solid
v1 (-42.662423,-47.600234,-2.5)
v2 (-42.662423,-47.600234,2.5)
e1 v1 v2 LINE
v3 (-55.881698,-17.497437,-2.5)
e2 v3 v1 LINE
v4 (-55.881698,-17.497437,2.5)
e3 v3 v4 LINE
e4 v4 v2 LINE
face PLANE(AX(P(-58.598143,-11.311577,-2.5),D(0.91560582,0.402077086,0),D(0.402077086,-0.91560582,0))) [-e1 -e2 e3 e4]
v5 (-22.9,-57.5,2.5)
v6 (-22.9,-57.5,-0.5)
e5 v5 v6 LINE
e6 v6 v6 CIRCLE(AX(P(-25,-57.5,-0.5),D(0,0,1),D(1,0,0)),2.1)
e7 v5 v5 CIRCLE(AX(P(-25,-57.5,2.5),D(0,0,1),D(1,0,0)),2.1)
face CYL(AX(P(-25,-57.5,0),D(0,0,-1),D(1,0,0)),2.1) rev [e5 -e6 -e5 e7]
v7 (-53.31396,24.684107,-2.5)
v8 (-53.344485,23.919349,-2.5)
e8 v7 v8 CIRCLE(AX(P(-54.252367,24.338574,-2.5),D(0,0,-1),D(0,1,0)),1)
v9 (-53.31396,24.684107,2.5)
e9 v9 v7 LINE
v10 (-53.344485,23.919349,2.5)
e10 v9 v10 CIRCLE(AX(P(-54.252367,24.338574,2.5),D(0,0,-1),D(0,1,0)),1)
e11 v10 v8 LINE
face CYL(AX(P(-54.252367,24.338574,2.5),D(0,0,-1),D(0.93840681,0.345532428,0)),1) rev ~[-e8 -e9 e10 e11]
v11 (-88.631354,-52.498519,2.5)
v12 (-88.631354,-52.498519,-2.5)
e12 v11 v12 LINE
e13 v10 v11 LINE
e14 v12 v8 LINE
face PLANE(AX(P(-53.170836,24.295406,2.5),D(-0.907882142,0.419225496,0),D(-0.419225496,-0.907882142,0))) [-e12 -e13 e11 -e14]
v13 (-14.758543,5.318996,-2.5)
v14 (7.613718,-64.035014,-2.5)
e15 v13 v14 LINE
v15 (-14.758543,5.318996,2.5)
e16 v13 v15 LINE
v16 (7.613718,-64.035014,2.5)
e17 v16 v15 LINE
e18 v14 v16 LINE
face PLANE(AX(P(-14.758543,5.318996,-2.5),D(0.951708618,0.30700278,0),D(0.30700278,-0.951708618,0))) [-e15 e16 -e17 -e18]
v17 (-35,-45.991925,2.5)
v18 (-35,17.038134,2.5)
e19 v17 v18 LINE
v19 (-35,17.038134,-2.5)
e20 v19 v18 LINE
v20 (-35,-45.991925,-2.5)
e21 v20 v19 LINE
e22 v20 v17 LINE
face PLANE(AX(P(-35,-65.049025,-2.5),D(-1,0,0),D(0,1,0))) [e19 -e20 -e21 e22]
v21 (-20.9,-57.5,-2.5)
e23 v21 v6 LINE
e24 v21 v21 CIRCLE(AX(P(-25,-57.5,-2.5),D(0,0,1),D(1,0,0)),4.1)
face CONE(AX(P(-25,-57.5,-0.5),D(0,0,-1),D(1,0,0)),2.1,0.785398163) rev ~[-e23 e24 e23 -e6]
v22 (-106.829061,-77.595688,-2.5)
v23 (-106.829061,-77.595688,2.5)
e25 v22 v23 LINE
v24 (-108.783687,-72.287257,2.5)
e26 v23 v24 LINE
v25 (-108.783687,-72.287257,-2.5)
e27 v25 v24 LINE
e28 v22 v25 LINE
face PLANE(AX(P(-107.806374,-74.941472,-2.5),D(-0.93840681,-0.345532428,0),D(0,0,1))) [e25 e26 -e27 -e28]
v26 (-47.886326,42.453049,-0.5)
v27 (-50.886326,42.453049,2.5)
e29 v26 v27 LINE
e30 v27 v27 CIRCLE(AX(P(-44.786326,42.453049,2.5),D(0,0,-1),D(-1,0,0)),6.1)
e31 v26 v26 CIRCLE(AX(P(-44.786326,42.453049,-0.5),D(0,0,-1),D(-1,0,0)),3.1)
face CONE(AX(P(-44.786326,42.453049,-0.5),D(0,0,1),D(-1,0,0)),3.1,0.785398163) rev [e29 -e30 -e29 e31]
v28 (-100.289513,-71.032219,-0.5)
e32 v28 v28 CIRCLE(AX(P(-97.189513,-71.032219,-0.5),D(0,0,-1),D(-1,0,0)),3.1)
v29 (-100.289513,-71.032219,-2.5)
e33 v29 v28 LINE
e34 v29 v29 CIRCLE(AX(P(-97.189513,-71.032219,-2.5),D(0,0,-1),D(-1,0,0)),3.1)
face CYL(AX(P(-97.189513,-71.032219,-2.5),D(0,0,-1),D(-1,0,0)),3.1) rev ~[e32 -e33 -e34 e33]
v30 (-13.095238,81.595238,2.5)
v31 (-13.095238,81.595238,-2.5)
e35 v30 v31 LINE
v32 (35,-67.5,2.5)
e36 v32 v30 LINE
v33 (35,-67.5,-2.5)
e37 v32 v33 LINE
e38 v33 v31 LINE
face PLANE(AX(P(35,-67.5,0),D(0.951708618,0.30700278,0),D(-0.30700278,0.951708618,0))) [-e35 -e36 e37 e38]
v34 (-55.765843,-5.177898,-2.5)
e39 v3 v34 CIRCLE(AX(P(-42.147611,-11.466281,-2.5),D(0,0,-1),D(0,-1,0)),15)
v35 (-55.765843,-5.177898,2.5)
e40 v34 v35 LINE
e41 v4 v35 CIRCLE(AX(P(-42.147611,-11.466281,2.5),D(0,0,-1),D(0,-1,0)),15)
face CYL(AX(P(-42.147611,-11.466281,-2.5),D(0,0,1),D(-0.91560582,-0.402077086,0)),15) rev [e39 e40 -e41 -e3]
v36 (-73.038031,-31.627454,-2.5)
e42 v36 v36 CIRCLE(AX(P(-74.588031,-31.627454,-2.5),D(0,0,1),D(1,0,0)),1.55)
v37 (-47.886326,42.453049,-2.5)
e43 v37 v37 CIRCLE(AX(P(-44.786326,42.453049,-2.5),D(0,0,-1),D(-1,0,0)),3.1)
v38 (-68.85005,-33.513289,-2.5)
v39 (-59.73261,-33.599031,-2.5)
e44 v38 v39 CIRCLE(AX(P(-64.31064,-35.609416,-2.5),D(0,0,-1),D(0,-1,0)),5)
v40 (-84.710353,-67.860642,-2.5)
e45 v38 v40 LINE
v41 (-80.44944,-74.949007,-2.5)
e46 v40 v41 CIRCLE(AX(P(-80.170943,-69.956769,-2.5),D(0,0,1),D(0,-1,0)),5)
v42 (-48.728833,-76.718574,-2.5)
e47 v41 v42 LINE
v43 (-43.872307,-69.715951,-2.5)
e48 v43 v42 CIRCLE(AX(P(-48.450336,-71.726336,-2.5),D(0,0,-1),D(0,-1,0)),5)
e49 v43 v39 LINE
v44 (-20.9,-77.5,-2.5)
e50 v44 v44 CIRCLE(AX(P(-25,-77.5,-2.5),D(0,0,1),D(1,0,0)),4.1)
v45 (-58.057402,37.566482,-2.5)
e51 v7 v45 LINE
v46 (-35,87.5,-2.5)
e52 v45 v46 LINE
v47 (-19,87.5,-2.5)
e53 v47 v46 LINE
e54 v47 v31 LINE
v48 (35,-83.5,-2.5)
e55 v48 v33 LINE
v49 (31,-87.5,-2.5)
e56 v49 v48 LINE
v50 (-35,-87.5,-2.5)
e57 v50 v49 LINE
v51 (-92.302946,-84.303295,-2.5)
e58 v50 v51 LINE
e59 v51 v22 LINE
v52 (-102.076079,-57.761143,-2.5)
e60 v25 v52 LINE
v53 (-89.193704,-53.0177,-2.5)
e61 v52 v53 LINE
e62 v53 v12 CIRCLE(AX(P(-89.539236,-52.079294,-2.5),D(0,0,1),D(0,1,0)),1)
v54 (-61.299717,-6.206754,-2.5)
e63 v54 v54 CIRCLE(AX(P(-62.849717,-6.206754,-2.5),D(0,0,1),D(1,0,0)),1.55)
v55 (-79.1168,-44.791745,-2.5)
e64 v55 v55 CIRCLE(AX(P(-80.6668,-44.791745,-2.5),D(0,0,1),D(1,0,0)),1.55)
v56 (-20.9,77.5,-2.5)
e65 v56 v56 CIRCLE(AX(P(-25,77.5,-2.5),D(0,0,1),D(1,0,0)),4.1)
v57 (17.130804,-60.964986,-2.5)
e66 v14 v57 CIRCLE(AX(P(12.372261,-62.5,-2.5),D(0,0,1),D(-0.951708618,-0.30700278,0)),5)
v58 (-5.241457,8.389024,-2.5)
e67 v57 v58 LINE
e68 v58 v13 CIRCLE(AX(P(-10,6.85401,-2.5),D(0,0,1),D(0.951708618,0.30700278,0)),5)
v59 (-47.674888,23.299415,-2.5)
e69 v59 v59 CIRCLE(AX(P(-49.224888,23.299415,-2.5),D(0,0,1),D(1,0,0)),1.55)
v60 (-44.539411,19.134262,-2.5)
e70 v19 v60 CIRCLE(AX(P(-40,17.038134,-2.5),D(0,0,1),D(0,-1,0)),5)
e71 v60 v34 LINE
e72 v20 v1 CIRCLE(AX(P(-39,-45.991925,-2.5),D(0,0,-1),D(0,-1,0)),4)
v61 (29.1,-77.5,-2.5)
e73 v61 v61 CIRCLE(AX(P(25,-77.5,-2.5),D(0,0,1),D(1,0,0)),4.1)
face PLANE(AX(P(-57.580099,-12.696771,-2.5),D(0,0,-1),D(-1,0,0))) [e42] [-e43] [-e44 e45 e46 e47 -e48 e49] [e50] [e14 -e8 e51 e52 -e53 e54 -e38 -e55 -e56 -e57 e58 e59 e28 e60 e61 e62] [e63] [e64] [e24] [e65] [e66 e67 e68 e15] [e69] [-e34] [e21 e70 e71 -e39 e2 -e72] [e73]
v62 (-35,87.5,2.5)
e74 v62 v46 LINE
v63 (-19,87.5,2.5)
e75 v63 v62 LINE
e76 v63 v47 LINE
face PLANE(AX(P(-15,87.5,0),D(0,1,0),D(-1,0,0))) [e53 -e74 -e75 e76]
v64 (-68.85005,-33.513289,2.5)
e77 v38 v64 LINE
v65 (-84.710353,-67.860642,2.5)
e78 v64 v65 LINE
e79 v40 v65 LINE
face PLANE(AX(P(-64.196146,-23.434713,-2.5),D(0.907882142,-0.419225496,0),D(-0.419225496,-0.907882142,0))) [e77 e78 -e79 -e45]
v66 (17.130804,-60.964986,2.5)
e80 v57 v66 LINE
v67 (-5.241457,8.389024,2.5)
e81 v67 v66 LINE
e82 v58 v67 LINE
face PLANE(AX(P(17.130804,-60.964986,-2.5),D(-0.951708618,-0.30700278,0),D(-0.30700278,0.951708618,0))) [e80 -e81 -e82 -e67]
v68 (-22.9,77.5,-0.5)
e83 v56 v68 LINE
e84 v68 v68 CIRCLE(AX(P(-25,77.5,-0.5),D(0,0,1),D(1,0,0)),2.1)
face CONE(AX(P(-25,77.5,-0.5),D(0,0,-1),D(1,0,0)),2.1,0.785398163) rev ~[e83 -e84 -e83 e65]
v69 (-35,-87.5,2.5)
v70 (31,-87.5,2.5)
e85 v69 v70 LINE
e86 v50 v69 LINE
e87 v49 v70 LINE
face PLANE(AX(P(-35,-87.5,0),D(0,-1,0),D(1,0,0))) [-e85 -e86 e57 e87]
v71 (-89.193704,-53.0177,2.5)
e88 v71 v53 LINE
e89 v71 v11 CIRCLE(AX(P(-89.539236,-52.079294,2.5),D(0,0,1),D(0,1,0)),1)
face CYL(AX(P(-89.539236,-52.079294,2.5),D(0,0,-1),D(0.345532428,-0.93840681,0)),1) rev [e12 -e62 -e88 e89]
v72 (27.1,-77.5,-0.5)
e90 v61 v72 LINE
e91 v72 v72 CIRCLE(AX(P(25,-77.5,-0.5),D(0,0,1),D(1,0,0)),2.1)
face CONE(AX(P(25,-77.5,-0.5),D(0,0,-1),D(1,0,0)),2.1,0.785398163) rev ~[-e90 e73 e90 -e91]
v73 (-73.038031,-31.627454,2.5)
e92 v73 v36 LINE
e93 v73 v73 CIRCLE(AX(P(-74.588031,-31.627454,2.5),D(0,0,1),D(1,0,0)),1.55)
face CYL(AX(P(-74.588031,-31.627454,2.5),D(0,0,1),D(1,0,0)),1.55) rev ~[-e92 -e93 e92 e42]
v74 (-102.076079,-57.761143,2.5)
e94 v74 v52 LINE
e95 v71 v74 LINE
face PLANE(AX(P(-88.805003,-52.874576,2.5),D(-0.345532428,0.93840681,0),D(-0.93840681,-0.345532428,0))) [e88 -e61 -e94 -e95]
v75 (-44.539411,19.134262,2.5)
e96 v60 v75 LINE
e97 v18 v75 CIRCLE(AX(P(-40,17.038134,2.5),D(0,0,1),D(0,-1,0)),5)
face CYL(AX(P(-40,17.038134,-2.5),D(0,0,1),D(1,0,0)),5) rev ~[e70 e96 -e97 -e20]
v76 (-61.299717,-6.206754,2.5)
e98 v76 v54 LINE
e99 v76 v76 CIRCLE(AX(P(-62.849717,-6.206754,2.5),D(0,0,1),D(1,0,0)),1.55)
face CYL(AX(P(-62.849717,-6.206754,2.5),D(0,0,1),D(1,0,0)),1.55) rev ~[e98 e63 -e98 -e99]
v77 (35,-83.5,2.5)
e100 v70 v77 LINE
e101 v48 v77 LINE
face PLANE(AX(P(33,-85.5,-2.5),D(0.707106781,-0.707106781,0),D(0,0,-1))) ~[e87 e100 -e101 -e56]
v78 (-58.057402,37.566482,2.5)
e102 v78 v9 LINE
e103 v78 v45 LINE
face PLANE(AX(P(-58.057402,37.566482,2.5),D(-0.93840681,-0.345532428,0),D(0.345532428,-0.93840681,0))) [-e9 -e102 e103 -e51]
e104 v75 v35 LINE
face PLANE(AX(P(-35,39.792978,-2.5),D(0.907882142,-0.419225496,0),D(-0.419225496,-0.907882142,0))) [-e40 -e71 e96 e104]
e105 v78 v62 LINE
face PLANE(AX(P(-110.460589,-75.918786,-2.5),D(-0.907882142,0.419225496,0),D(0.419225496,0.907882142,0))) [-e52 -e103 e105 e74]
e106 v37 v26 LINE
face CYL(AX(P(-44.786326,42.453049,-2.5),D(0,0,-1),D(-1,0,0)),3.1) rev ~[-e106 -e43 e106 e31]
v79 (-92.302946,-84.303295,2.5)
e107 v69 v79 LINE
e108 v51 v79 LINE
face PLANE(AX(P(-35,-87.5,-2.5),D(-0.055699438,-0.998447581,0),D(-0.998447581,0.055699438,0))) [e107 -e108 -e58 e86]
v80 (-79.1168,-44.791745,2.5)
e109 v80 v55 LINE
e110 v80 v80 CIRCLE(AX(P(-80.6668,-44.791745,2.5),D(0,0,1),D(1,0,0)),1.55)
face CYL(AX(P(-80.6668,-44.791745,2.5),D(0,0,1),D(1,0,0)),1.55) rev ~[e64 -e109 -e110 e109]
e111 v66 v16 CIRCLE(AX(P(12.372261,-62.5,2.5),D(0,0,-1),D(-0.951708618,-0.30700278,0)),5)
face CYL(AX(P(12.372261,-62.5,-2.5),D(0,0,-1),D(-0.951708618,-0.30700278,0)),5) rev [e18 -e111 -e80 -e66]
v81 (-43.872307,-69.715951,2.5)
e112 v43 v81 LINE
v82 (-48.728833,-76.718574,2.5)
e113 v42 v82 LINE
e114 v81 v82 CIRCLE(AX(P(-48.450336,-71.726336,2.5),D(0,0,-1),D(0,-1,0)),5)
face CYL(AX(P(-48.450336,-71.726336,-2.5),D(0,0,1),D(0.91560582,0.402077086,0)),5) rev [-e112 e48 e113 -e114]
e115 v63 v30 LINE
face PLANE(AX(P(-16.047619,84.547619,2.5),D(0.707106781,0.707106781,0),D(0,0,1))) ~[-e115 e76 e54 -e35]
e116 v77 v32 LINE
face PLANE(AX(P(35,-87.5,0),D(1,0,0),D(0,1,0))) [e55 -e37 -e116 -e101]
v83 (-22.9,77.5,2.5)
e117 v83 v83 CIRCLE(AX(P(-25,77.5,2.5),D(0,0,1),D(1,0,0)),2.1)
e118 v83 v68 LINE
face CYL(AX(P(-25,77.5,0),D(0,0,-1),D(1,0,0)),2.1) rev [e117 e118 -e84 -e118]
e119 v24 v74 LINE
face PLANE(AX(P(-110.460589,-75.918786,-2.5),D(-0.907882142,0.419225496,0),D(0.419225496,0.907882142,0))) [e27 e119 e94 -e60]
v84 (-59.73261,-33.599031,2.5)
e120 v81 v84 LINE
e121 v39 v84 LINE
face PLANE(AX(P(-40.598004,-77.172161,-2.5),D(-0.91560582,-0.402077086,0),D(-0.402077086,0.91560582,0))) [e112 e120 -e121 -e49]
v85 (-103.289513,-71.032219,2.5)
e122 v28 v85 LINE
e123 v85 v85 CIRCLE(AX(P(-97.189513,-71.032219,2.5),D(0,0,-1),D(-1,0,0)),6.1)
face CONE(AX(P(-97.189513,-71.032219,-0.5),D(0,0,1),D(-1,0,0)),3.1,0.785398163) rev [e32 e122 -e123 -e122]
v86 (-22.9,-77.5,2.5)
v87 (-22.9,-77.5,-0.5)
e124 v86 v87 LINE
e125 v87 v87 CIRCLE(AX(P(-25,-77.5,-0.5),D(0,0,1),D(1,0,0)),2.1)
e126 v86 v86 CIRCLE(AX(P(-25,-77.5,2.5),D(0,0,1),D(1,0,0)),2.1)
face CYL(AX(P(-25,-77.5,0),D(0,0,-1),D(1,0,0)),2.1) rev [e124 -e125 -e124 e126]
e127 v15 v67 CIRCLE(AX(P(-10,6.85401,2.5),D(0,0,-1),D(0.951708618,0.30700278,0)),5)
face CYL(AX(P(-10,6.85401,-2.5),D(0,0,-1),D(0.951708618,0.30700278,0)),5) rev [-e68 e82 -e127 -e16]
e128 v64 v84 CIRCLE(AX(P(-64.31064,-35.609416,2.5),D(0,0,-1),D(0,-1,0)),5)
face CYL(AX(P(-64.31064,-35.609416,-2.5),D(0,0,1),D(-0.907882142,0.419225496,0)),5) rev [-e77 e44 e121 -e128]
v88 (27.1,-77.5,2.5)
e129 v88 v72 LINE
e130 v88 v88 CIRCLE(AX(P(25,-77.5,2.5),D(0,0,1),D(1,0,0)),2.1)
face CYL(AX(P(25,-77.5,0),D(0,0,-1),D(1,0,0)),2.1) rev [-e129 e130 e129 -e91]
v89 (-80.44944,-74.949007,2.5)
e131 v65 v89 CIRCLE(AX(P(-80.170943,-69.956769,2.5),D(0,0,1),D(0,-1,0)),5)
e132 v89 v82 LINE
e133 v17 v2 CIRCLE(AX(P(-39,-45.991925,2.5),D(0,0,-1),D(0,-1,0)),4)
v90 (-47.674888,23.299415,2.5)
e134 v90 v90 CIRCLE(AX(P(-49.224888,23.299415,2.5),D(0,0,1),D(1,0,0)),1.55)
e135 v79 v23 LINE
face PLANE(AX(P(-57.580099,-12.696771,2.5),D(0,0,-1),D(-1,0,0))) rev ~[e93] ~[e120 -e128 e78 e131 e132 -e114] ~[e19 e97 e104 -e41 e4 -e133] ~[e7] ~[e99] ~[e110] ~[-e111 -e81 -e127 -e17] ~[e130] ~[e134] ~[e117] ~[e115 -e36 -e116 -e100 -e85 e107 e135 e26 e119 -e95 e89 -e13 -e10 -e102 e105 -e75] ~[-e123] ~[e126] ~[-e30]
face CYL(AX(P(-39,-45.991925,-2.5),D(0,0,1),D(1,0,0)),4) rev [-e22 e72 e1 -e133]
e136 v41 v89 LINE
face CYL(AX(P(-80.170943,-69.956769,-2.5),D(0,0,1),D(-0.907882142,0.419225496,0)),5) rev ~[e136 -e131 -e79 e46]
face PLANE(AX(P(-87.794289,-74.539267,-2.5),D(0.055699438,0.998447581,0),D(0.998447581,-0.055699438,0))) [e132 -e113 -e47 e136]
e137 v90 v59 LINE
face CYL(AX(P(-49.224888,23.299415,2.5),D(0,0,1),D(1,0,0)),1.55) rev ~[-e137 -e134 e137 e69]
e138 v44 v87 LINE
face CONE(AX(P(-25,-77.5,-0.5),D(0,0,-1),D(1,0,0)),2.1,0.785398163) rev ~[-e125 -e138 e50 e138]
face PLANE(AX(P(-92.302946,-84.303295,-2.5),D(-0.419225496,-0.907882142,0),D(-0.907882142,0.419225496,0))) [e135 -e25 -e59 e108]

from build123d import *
from OCP.BRepFilletAPI import BRepFilletAPI_MakeChamfer

# Parameters (mm, degrees)
SKETCH_1_R          = 2.1
EXTRUDE_1_DEPTH     = 2.5
CUT_EXTRUDE_1_DEPTH = 95.372930441
EXTRUDE_2_DEPTH     = 5
CUT_EXTRUDE_2_DEPTH = 142.00635371
FILLET_1_R          = 5
FILLET_2_R          = 4
FILLET_3_R          = 15
CHAMFER_1_SIZE      = 4
CHAMFER_1_SIZE2     = 6.20437999
CHAMFER_2_SIZE      = 2
SKETCH_6_R          = 3.1
CUT_EXTRUDE_3_DEPTH = 140.696602049
CUT_EXTRUDE_4_DEPTH = 140.696602049
SKETCH_8_R          = 1.55
CUT_EXTRUDE_5_DEPTH = 140.696602049
FILLET_4_R          = 1
CHAMFER_3_SIZE      = 3


with BuildPart() as part:
    # 草图1 → 凸台-拉伸1 (new, symmetric)
    with BuildSketch(Plane.XY):
        Polygon((-35, 87.5), (-35, -87.5), (35, -87.5), (35, -67.5), (-15, 87.5), align=None)
        with Locations((-25, -77.5)):
            Circle(SKETCH_1_R, mode=Mode.SUBTRACT)
        with Locations((25, -77.5)):
            Circle(SKETCH_1_R, mode=Mode.SUBTRACT)
        with Locations((-25, 77.5)):
            Circle(SKETCH_1_R, mode=Mode.SUBTRACT)
        with Locations((-25, -57.5)):
            Circle(SKETCH_1_R, mode=Mode.SUBTRACT)
    extrude(amount=EXTRUDE_1_DEPTH, both=True)

    # 草图2 → 切除-拉伸1 (cut, through all)
    with BuildSketch(Plane(origin=(0, 0, -2.5), x_dir=(-1, 0, 0), z_dir=(0, 0, -1))):
        with BuildLine():
            Line((-17.130804412, -60.9649861), (5.241456911, 8.389024))
            ThreePointArc((5.241456911, 8.389024), (11.5350139, 11.612553189), (14.758543089, 5.318996201))
            Line((14.758543089, 5.318996201), (-7.613718234, -64.0350139))
            ThreePointArc((-7.613718234, -64.0350139), (-13.907275222, -67.258543089), (-17.130804412, -60.9649861))
        make_face()
    extrude(amount=-CUT_EXTRUDE_1_DEPTH, mode=Mode.SUBTRACT)

    # 草图3 → 凸台-拉伸2 (add)
    with BuildSketch(Plane(origin=(0, 0, -2.5), x_dir=(-1, 0, 0), z_dir=(0, 0, -1))):
        Polygon((35, -87.5), (92.302946454, -84.303295451), (110.460589291, -75.918785529), (35, 87.5), align=None)
    extrude(amount=-EXTRUDE_2_DEPTH)

    # 草图5 → 切除-拉伸2 (cut, through all)
    with BuildSketch(Plane(origin=(0, 0, -2.5), x_dir=(-1, 0, 0), z_dir=(0, 0, -1))):
        Polygon((35, 39.792977913), (58.598142626, -11.311576727), (35, -65.049025296), align=None)
        Polygon((87.794289034, -74.539267276), (40.598003783, -77.172161204), (64.196146409, -23.434712635), align=None)
    extrude(amount=-CUT_EXTRUDE_2_DEPTH, mode=Mode.SUBTRACT)

    # 圆角1
    fillet_1_edges = [part.edges().sort_by_distance(p)[0] for p in [
        (-64.196146409, -23.434712635, 0),
        (-87.794289034, -74.539267276, 0),
        (-40.598003783, -77.172161204, 0),
        (-35, 39.792977913, 0),
    ]]
    fillet(fillet_1_edges, radius=FILLET_1_R)

    # 圆角2
    fillet_2_edges = [part.edges().sort_by_distance(p)[0] for p in [
        (-35, -65.049025296, 0),
    ]]
    fillet(fillet_2_edges, radius=FILLET_2_R)

    # 圆角3
    fillet_3_edges = [part.edges().sort_by_distance(p)[0] for p in [
        (-58.598142626, -11.311576727, 0),
    ]]
    fillet(fillet_3_edges, radius=FILLET_3_R)

    # 倒角1: one chamfer whose edges measure the first distance from different faces: ONE call of the kernel's chamfer builder (chamfer() names one face for all edges)
    chamfer_1_edges_1 = [part.edges().sort_by_distance(p)[0] for p in [
        (-110.460589291, -75.918785529, 0),
        (35, -87.5, 0),
    ]]
    chamfer_1_edges_2 = [part.edges().sort_by_distance(p)[0] for p in [
        (-15, 87.5, 0),
    ]]
    chamfer_1_side_2 = [part.faces().sort_by_distance(p)[0] for p in [
        (-25, 87.5, 0),
    ]]
    chamfer_1 = BRepFilletAPI_MakeChamfer(part.part.solid().wrapped)
    for e in chamfer_1_edges_1:
        chamfer_1.Add(CHAMFER_1_SIZE, e.wrapped)
    for e in chamfer_1_edges_2:
        chamfer_1.Add(CHAMFER_1_SIZE, CHAMFER_1_SIZE2, e.wrapped, chamfer_1_side_2[0].wrapped)  # the first distance lies on this face
    add(Compound.cast(chamfer_1.Shape()), mode=Mode.REPLACE)

    # 倒角2
    chamfer_2_edges = [part.edges().sort_by_distance(p)[0] for p in [
        (22.9, -77.5, -2.5),
        (-27.1, -77.5, -2.5),
        (-27.1, 77.5, -2.5),
        (-27.1, -57.5, -2.5),
    ]]
    chamfer(chamfer_2_edges, length=CHAMFER_2_SIZE)

    # 草图6 → 切除-拉伸3 (cut, through all)
    with BuildSketch(Plane(origin=(0, 0, -2.5), x_dir=(-1, 0, 0), z_dir=(0, 0, -1))):
        with Locations((97.189512912, -71.032219072)):
            Circle(SKETCH_6_R)
        with Locations((44.786325904, 42.453048657)):
            Circle(SKETCH_6_R)
    extrude(amount=-CUT_EXTRUDE_3_DEPTH, mode=Mode.SUBTRACT)

    # 草图7 → 切除-拉伸4 (cut, through all)
    with BuildSketch(Plane.XY.offset(2.5)):
        Polygon((-58.057402283, 37.566482199), (-53.170835826, 24.29540582), (-88.805002991, -52.874576235), (-102.07607937, -57.761142693), align=None)
    extrude(amount=-CUT_EXTRUDE_4_DEPTH, mode=Mode.SUBTRACT)

    # 草图8 → 切除-拉伸5 (cut, through all)
    with BuildSketch(Plane.XY.offset(2.5)):
        with Locations((-49.224888136, 23.299415443)):
            Circle(SKETCH_8_R)
        with Locations((-62.849716758, -6.206754167)):
            Circle(SKETCH_8_R)
        with Locations((-74.588030648, -31.627454138)):
            Circle(SKETCH_8_R)
        with Locations((-80.666800341, -44.791745195)):
            Circle(SKETCH_8_R)
    extrude(amount=-CUT_EXTRUDE_5_DEPTH, mode=Mode.SUBTRACT)

    # 圆角4
    fillet_4_edges = [part.edges().sort_by_distance(p)[0] for p in [
        (-53.170835826, 24.29540582, 0),
        (-88.805002991, -52.874576235, 0),
    ]]
    fillet(fillet_4_edges, radius=FILLET_4_R)

    # 倒角3
    chamfer_3_edges = [part.edges().sort_by_distance(p)[0] for p in [
        (-94.089512912, -71.032219072, 2.5),
        (-41.686325904, 42.453048657, 2.5),
    ]]
    chamfer(chamfer_3_edges, length=CHAMFER_3_SIZE)


solid = part.part
